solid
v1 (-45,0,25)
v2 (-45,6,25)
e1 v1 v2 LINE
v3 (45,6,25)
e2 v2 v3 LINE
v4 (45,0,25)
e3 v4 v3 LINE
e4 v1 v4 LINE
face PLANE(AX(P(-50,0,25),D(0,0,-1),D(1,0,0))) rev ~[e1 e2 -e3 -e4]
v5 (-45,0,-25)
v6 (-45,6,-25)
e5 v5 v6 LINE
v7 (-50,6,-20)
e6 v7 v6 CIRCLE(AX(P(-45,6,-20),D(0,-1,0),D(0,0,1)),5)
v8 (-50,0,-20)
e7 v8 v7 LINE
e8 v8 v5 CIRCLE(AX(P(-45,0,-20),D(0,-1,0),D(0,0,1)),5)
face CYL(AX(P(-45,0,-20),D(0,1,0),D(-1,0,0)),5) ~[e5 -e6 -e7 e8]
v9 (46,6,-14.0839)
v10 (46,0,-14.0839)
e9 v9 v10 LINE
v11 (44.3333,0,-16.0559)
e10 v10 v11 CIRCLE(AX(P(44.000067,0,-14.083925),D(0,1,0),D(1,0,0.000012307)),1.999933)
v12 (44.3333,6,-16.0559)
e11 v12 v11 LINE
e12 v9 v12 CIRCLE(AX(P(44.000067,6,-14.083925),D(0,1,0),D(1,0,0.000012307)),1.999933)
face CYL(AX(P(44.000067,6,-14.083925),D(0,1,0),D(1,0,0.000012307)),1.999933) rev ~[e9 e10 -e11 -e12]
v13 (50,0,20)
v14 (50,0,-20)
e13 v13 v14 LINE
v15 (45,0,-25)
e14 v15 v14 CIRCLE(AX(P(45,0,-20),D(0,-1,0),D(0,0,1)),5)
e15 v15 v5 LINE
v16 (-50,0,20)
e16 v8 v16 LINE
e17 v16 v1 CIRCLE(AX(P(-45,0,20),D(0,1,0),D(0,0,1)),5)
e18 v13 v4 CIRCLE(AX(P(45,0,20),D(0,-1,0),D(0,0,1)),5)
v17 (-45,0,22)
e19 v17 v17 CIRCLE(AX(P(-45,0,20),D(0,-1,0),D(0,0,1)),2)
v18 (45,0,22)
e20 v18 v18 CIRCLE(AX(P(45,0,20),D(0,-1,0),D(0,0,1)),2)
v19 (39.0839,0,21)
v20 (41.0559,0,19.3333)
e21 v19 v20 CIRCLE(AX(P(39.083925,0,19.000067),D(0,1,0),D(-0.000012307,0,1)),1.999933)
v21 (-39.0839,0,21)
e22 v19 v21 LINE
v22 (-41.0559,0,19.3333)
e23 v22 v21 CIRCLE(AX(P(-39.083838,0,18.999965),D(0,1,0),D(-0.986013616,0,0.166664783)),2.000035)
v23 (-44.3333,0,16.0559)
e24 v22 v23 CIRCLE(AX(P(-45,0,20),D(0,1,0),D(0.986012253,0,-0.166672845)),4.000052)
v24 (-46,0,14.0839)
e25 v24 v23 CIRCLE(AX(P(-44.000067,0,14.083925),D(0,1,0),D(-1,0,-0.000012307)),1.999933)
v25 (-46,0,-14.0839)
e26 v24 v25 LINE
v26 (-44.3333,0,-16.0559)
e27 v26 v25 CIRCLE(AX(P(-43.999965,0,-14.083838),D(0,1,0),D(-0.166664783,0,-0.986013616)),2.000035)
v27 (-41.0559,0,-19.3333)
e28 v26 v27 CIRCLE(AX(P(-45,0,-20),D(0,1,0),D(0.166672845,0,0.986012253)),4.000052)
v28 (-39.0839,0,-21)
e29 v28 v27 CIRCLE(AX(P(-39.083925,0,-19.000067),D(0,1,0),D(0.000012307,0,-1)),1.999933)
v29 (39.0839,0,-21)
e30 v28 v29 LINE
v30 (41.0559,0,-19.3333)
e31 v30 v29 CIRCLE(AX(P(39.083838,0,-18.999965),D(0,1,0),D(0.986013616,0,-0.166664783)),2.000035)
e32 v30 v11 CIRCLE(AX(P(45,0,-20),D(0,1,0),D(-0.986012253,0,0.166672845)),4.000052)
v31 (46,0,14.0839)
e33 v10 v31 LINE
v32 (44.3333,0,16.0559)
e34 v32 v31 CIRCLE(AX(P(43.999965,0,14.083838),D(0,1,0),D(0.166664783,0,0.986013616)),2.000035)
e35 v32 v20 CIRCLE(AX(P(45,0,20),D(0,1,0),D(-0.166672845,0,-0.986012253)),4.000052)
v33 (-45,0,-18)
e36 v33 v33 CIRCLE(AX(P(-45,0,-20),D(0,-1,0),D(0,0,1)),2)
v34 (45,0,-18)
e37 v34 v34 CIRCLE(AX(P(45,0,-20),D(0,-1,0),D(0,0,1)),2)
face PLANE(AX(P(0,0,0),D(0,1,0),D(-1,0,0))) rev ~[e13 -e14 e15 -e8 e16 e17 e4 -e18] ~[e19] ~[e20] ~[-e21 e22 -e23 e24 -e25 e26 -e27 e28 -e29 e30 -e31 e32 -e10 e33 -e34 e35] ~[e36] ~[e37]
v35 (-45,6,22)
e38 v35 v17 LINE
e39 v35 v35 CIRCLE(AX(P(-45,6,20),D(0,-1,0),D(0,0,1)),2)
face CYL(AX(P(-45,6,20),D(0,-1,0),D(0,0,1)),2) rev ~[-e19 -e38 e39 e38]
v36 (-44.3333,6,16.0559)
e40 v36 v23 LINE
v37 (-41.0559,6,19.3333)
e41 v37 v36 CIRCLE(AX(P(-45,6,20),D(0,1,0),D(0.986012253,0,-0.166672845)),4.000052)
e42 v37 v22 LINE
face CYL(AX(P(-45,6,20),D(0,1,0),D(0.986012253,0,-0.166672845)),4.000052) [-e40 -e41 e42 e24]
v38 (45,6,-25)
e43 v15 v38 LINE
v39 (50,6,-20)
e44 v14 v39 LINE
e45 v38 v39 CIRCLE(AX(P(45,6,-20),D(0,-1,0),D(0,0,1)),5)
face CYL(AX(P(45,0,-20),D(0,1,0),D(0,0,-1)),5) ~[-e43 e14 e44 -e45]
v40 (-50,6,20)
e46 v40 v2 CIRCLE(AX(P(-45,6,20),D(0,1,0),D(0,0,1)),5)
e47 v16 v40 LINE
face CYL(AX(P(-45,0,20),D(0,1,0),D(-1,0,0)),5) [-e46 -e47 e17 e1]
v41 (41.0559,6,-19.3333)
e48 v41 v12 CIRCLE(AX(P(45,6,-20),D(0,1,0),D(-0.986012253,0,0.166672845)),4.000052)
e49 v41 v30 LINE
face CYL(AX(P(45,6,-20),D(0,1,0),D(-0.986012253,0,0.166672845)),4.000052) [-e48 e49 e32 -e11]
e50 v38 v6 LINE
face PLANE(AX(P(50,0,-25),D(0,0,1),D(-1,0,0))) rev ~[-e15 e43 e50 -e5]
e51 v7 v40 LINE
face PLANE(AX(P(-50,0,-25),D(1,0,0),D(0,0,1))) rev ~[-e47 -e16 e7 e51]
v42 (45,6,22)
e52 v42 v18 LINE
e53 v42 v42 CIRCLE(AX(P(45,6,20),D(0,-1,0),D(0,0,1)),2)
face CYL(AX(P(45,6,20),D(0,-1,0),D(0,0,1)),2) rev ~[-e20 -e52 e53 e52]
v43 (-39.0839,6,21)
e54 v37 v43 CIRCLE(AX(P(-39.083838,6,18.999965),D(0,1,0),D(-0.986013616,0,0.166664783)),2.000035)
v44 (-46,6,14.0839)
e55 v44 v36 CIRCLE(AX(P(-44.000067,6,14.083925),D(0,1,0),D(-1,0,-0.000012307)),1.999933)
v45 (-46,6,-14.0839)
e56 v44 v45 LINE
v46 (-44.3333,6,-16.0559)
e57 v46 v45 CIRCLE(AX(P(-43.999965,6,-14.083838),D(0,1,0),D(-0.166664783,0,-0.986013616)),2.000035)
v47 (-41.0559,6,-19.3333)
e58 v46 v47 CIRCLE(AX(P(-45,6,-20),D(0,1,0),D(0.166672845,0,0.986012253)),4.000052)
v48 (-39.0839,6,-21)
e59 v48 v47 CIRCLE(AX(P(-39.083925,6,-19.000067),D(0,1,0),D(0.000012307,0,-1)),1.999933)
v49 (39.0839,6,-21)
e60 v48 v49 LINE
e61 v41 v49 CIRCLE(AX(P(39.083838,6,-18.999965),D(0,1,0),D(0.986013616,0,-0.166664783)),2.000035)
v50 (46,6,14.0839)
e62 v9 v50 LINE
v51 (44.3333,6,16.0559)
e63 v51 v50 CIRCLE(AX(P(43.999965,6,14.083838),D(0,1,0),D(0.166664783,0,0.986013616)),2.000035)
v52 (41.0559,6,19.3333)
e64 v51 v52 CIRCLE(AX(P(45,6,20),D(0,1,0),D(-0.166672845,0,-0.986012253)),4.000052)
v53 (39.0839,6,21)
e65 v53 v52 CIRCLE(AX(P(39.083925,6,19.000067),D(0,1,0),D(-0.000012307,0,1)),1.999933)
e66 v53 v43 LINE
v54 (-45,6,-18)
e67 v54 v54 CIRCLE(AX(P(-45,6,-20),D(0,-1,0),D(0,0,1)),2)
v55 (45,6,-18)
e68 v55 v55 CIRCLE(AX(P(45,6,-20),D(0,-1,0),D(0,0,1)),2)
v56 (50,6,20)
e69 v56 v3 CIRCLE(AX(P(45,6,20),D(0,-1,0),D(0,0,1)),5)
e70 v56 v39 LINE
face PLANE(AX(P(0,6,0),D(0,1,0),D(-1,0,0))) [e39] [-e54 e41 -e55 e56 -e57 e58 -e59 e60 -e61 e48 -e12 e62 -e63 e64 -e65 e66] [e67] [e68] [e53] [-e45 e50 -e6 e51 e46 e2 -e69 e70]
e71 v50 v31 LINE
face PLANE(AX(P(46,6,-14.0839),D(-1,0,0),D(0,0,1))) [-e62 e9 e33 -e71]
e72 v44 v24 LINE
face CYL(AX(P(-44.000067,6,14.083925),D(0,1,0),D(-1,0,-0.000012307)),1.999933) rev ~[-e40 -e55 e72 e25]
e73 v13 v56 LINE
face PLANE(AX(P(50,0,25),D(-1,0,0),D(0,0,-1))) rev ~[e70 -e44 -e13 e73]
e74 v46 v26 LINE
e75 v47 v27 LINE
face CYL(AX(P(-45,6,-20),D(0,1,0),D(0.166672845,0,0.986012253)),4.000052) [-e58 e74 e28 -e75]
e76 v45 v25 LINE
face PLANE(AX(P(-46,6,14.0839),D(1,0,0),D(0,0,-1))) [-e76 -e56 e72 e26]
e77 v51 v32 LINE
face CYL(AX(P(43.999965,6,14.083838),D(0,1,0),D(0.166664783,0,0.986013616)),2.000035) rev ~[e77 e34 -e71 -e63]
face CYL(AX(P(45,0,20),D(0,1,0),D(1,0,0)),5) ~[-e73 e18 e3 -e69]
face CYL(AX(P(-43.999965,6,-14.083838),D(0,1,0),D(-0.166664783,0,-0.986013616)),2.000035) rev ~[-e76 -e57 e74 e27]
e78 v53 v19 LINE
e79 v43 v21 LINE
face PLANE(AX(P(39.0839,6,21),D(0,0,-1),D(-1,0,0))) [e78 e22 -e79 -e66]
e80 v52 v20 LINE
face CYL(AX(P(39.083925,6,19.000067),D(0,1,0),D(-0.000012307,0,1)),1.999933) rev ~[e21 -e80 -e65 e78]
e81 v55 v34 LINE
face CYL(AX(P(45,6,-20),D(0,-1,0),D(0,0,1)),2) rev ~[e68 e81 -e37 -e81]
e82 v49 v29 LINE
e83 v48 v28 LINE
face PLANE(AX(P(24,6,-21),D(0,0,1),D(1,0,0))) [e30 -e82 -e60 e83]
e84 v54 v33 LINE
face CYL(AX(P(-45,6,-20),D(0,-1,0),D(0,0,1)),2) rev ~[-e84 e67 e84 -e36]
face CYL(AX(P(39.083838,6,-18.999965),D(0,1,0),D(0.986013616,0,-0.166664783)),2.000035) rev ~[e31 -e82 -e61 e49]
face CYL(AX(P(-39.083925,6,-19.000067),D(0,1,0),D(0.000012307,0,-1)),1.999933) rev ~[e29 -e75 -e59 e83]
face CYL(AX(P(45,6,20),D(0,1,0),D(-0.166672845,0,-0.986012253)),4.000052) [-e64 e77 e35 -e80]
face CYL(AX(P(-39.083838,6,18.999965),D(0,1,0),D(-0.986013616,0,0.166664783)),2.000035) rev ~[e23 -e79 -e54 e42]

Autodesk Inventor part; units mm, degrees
ref_plane "YZ Plane" through (0, 0, 0) normal (1, 0, 0) x (0, 1, 0)
ref_plane "XZ Plane" through (0, 0, 0) normal (0, 1, 0) x (-1, 0, 0)
ref_plane "XY Plane" through (0, 0, 0) normal (0, 0, 1) x (1, 0, 0)
sketch "Sketch1" plane through (0, 0, 0) normal (0, 1, 0) x (-1, 0, 0)
  line L0 (50, 25) -> (-50, 25)
  line L1 (-50, 25) -> (-50, -25)
  line L2 (-50, -25) -> (50, -25)
  line L3 (50, -25) -> (50, 25)
  line L4 (50, 25) -> (-50, -25) construction
  line L5 (-50, 25) -> (50, -25) construction
  point P0 (0, 0)
  dimension "d0" = 100
  dimension "d1" = 50
extrude "Extrusion1" add sketch "Sketch1" along normal blind 6
fillet "Fillet1" radius 5 4 edges at (50, 3, 25) (50, 3, -25) (-50, 3, -25) (-50, 3, 25)
sketch "Sketch2" plane through (0, 6, 0) normal (0, 1, 0) x (1, 0, 0)
  line L0 (-39.5, -21.25) -> (-30.5, -21.25)
  line L1 (-30.5, -21.25) -> (-30.5, -4.75)
  line L2 (-30.5, -4.75) -> (-39.5, -4.75)
  line L3 (-39.5, -4.75) -> (-39.5, -21.25)
  line L4 (-39.5, -21.25) -> (-30.5, -4.75) construction
  line L5 (-30.5, -21.25) -> (-39.5, -4.75) construction
  line L6 (-25.5, -21.25) -> (-16.5, -21.25)
  line L7 (-16.5, -21.25) -> (-16.5, -4.75)
  line L8 (-16.5, -4.75) -> (-25.5, -4.75)
  line L9 (-25.5, -4.75) -> (-25.5, -21.25)
  line L10 (-25.5, -21.25) -> (-16.5, -4.75) construction
  line L11 (-16.5, -21.25) -> (-25.5, -4.75) construction
  line L12 (-11.5, -21.25) -> (-2.5, -21.25)
  line L13 (-2.5, -21.25) -> (-2.5, -4.75)
  line L14 (-2.5, -4.75) -> (-11.5, -4.75)
  line L15 (-11.5, -4.75) -> (-11.5, -21.25)
  line L16 (-11.5, -21.25) -> (-2.5, -4.75) construction
  line L17 (-2.5, -21.25) -> (-11.5, -4.75) construction
  line L18 (2.5, -21.25) -> (11.5, -21.25)
  line L19 (11.5, -21.25) -> (11.5, -4.75)
  line L20 (11.5, -4.75) -> (2.5, -4.75)
  line L21 (2.5, -4.75) -> (2.5, -21.25)
  line L22 (2.5, -21.25) -> (11.5, -4.75) construction
  line L23 (11.5, -21.25) -> (2.5, -4.75) construction
  line L24 (16.5, -21.25) -> (25.5, -21.25)
  line L25 (25.5, -21.25) -> (25.5, -4.75)
  line L26 (25.5, -4.75) -> (16.5, -4.75)
  line L27 (16.5, -4.75) -> (16.5, -21.25)
  line L28 (16.5, -21.25) -> (25.5, -4.75) construction
  line L29 (25.5, -21.25) -> (16.5, -4.75) construction
  line L30 (30.5, -21.25) -> (39.5, -21.25)
  line L31 (39.5, -21.25) -> (39.5, -4.75)
  line L32 (39.5, -4.75) -> (30.5, -4.75)
  line L33 (30.5, -4.75) -> (30.5, -21.25)
  line L34 (30.5, -21.25) -> (39.5, -4.75) construction
  line L35 (39.5, -21.25) -> (30.5, -4.75) construction
  point P0 (0, 0)
  point P1 (-35, -13)
  point P2 (-21, -13)
  point P3 (-7, -13)
  point P4 (7, -13)
  point P5 (21, -13)
  point P6 (35, -13)
  dimension "d5" = 9
  dimension "d6" = 16.5
  dimension "d9" = 14
  dimension "d14" = 7
  dimension "d15" = 13
extrude "Extrusion2" [suppressed]
sketch "Sketch3" plane through (0, 6, 0) normal (0, 1, 0) x (1, 0, 0)
  line L0 (-16.5, -21.25) -> (-25.5, -21.25) projected
  line L1 (-45, -25) -> (45, -25) projected
  line L2 (45, 25) -> (-45, 25) projected
  line L3 (-38, 1) -> (-32, 1)
  line L4 (-32, 1) -> (-32, 21)
  line L5 (-32, 21) -> (-38, 21)
  line L6 (-38, 21) -> (-38, 1)
  line L7 (-38, 1) -> (-32, 21) construction
  line L8 (-32, 1) -> (-38, 21) construction
  line L9 (-24, 1) -> (-18, 1)
  line L10 (-18, 1) -> (-18, 21)
  line L11 (-18, 21) -> (-24, 21)
  line L12 (-24, 21) -> (-24, 1)
  line L13 (-24, 1) -> (-18, 21) construction
  line L14 (-18, 1) -> (-24, 21) construction
  line L15 (-10, 1) -> (-4, 1)
  line L16 (-4, 1) -> (-4, 21)
  line L17 (-4, 21) -> (-10, 21)
  line L18 (-10, 21) -> (-10, 1)
  line L19 (-10, 1) -> (-4, 21) construction
  line L20 (-4, 1) -> (-10, 21) construction
  line L21 (4, 1) -> (10, 1)
  line L22 (10, 1) -> (10, 21)
  line L23 (10, 21) -> (4, 21)
  line L24 (4, 21) -> (4, 1)
  line L25 (4, 1) -> (10, 21) construction
  line L26 (10, 1) -> (4, 21) construction
  line L27 (18, 1) -> (24, 1)
  line L28 (24, 1) -> (24, 21)
  line L29 (24, 21) -> (18, 21)
  line L30 (18, 21) -> (18, 1)
  line L31 (18, 1) -> (24, 21) construction
  line L32 (24, 1) -> (18, 21) construction
  line L33 (32, 1) -> (38, 1)
  line L34 (38, 1) -> (38, 21)
  line L35 (38, 21) -> (32, 21)
  line L36 (32, 21) -> (32, 1)
  line L37 (32, 1) -> (38, 21) construction
  line L38 (38, 1) -> (32, 21) construction
  point P0 (0, 0)
  point P1 (-35, 11)
  point P2 (-21, 11)
  point P3 (-7, 11)
  point P4 (7, 11)
  point P5 (21, 11)
  point P6 (35, 11)
  dimension "d20" = 14
  dimension "d25" = 7
  dimension "d26" = 6
  dimension "d27" = 20
  dimension "d28" = 4
  dimension "d29" = 3.75
extrude "Extrusion3" [suppressed]
sketch "Sketch4" plane through (0, 6, 0) normal (0, 1, 0) x (1, 0, 0)
  arc A0 (-50, -20) -> (-45, -25) centre (-45, -20) ccw projected
  arc A1 (45, -25) -> (50, -20) centre (45, -20) ccw projected
  arc A2 (50, 20) -> (45, 25) centre (45, 20) ccw projected
  arc A3 (-45, 25) -> (-50, 20) centre (-45, 20) ccw projected
  point P0 (0, 0)
hole "Hole1" at (-45, 6, -20) at (45, 6, -20) at (45, 6, 20) at (-45, 6, 20) direction (0, -1, 0) diameter 4 end through all
sketch "Sketch5" plane through (0, 6, 0) normal (0, 1, 0) x (1, 0, 0)
  circle A0 centre (45, -20) radius 2 projected
  circle A1 centre (-45, 20) radius 2 projected
  circle A2 centre (45, 20) radius 2 projected
  circle A3 centre (-45, -20) radius 2 projected
  line L0 (24, 21) -> (24, 1) projected
  line L1 (24, 1) -> (18, 1) projected
  line L2 (18, 1) -> (18, 21) projected
  line L3 (18, 21) -> (24, 21) projected
  line L4 (-4, 21) -> (-4, 1) projected
  line L5 (-4, 1) -> (-10, 1) projected
  line L6 (-10, 1) -> (-10, 21) projected
  line L7 (-10, 21) -> (-4, 21) projected
  line L8 (-32, 21) -> (-32, 1) projected
  line L9 (-32, 1) -> (-38, 1) projected
  line L10 (-38, 1) -> (-38, 21) projected
  line L11 (-38, 21) -> (-32, 21) projected
  line L12 (-18, 21) -> (-18, 1) projected
  line L13 (-18, 1) -> (-24, 1) projected
  line L14 (-24, 1) -> (-24, 21) projected
  line L15 (-24, 21) -> (-18, 21) projected
  line L16 (10, 21) -> (10, 1) projected
  line L17 (10, 1) -> (4, 1) projected
  line L18 (4, 1) -> (4, 21) projected
  line L19 (4, 21) -> (10, 21) projected
  line L20 (38, 21) -> (38, 1) projected
  line L21 (38, 1) -> (32, 1) projected
  line L22 (32, 1) -> (32, 21) projected
  line L23 (32, 21) -> (38, 21) projected
  line L24 (-45, -25) -> (45, -25) projected
  line L25 (50, -20) -> (50, 20) projected
  line L26 (45, 25) -> (-45, 25) projected
  line L27 (-50, 20) -> (-50, -20) projected
  line L28 (-39.0839, 21) -> (39.0839, 21)
  line L29 (-46, -14.0839) -> (-46, 14.0839)
  arc A4 (-44.3333, 16.0559) -> (-41.0559, 19.3333) centre (-45, 20) ccw
  arc A5 (41.0559, 19.3333) -> (44.3333, 16.0559) centre (45, 20) ccw
  arc A6 (44.3333, -16.0559) -> (41.0559, -19.3333) centre (45, -20) ccw
  arc A7 (-41.0559, -19.3333) -> (-44.3333, -16.0559) centre (-45, -20) ccw
  line L30 (46, 14.0839) -> (46, -14.0839)
  line L31 (39.0839, -21) -> (-39.0839, -21)
  arc A8 (41.0559, 19.3333) -> (39.0839, 21) centre (39.0839, 19) ccw
  arc A9 (46, 14.0839) -> (44.3333, 16.0559) centre (44, 14.0839) ccw
  arc A10 (44.3333, -16.0559) -> (46, -14.0839) centre (44, -14.0839) ccw
  arc A11 (39.0839, -21) -> (41.0559, -19.3333) centre (39.0839, -19) ccw
  arc A12 (-41.0559, -19.3333) -> (-39.0839, -21) centre (-39.0839, -19) ccw
  arc A13 (-46, -14.0839) -> (-44.3333, -16.0559) centre (-44, -14.0839) ccw
  arc A14 (-39.0839, 21) -> (-41.0559, 19.3333) centre (-39.0839, 19) ccw
  arc A15 (-44.3333, 16.0559) -> (-46, 14.0839) centre (-44, 14.0839) ccw
  point P0 (0, 0)
  point P1 (41.127, 21)
  point P2 (41.127, -21)
  point P3 (-46, -16.127)
  point P4 (-46, 16.127)
  point P5 (46, 16.127)
  point P6 (46, -16.127)
  point P7 (-41.127, -21)
  point P8 (-41.127, 21)
  dimension "d39" = 4
  dimension "d40" = 8
  dimension "d41" = 8
  dimension "d42" = 8
  dimension "d43" = 8
  dimension "d44" = 4
  dimension "d45" = 4
  dimension "d46" = 4
  dimension "d47" = 2
extrude "Extrusion4" cut sketch "Sketch5" against normal blind 10 contours L28 L22 L21 L20 A8 A5 A9 L30 A10 A6 A11 L31 A12 A7 A13 L29 A15 A4 A14 L10 L9 L8 L14 L13 L12 L6 L5 L4 L18 L17 L16 L2 L1 L0 | L0 L1 L2 L3 | L23 L20 L21 L22 | L16 L17 L18 L19 | L4 L5 L6 L7 | L12 L13 L14 L15 | L8 L9 L10 L11
equation "\"d14\" = 0.5 * d9"
equation "\"d25\" = 0.5 * d20"
properties part number "AcrylicLowerCore" material "Acrylic, Clear"
